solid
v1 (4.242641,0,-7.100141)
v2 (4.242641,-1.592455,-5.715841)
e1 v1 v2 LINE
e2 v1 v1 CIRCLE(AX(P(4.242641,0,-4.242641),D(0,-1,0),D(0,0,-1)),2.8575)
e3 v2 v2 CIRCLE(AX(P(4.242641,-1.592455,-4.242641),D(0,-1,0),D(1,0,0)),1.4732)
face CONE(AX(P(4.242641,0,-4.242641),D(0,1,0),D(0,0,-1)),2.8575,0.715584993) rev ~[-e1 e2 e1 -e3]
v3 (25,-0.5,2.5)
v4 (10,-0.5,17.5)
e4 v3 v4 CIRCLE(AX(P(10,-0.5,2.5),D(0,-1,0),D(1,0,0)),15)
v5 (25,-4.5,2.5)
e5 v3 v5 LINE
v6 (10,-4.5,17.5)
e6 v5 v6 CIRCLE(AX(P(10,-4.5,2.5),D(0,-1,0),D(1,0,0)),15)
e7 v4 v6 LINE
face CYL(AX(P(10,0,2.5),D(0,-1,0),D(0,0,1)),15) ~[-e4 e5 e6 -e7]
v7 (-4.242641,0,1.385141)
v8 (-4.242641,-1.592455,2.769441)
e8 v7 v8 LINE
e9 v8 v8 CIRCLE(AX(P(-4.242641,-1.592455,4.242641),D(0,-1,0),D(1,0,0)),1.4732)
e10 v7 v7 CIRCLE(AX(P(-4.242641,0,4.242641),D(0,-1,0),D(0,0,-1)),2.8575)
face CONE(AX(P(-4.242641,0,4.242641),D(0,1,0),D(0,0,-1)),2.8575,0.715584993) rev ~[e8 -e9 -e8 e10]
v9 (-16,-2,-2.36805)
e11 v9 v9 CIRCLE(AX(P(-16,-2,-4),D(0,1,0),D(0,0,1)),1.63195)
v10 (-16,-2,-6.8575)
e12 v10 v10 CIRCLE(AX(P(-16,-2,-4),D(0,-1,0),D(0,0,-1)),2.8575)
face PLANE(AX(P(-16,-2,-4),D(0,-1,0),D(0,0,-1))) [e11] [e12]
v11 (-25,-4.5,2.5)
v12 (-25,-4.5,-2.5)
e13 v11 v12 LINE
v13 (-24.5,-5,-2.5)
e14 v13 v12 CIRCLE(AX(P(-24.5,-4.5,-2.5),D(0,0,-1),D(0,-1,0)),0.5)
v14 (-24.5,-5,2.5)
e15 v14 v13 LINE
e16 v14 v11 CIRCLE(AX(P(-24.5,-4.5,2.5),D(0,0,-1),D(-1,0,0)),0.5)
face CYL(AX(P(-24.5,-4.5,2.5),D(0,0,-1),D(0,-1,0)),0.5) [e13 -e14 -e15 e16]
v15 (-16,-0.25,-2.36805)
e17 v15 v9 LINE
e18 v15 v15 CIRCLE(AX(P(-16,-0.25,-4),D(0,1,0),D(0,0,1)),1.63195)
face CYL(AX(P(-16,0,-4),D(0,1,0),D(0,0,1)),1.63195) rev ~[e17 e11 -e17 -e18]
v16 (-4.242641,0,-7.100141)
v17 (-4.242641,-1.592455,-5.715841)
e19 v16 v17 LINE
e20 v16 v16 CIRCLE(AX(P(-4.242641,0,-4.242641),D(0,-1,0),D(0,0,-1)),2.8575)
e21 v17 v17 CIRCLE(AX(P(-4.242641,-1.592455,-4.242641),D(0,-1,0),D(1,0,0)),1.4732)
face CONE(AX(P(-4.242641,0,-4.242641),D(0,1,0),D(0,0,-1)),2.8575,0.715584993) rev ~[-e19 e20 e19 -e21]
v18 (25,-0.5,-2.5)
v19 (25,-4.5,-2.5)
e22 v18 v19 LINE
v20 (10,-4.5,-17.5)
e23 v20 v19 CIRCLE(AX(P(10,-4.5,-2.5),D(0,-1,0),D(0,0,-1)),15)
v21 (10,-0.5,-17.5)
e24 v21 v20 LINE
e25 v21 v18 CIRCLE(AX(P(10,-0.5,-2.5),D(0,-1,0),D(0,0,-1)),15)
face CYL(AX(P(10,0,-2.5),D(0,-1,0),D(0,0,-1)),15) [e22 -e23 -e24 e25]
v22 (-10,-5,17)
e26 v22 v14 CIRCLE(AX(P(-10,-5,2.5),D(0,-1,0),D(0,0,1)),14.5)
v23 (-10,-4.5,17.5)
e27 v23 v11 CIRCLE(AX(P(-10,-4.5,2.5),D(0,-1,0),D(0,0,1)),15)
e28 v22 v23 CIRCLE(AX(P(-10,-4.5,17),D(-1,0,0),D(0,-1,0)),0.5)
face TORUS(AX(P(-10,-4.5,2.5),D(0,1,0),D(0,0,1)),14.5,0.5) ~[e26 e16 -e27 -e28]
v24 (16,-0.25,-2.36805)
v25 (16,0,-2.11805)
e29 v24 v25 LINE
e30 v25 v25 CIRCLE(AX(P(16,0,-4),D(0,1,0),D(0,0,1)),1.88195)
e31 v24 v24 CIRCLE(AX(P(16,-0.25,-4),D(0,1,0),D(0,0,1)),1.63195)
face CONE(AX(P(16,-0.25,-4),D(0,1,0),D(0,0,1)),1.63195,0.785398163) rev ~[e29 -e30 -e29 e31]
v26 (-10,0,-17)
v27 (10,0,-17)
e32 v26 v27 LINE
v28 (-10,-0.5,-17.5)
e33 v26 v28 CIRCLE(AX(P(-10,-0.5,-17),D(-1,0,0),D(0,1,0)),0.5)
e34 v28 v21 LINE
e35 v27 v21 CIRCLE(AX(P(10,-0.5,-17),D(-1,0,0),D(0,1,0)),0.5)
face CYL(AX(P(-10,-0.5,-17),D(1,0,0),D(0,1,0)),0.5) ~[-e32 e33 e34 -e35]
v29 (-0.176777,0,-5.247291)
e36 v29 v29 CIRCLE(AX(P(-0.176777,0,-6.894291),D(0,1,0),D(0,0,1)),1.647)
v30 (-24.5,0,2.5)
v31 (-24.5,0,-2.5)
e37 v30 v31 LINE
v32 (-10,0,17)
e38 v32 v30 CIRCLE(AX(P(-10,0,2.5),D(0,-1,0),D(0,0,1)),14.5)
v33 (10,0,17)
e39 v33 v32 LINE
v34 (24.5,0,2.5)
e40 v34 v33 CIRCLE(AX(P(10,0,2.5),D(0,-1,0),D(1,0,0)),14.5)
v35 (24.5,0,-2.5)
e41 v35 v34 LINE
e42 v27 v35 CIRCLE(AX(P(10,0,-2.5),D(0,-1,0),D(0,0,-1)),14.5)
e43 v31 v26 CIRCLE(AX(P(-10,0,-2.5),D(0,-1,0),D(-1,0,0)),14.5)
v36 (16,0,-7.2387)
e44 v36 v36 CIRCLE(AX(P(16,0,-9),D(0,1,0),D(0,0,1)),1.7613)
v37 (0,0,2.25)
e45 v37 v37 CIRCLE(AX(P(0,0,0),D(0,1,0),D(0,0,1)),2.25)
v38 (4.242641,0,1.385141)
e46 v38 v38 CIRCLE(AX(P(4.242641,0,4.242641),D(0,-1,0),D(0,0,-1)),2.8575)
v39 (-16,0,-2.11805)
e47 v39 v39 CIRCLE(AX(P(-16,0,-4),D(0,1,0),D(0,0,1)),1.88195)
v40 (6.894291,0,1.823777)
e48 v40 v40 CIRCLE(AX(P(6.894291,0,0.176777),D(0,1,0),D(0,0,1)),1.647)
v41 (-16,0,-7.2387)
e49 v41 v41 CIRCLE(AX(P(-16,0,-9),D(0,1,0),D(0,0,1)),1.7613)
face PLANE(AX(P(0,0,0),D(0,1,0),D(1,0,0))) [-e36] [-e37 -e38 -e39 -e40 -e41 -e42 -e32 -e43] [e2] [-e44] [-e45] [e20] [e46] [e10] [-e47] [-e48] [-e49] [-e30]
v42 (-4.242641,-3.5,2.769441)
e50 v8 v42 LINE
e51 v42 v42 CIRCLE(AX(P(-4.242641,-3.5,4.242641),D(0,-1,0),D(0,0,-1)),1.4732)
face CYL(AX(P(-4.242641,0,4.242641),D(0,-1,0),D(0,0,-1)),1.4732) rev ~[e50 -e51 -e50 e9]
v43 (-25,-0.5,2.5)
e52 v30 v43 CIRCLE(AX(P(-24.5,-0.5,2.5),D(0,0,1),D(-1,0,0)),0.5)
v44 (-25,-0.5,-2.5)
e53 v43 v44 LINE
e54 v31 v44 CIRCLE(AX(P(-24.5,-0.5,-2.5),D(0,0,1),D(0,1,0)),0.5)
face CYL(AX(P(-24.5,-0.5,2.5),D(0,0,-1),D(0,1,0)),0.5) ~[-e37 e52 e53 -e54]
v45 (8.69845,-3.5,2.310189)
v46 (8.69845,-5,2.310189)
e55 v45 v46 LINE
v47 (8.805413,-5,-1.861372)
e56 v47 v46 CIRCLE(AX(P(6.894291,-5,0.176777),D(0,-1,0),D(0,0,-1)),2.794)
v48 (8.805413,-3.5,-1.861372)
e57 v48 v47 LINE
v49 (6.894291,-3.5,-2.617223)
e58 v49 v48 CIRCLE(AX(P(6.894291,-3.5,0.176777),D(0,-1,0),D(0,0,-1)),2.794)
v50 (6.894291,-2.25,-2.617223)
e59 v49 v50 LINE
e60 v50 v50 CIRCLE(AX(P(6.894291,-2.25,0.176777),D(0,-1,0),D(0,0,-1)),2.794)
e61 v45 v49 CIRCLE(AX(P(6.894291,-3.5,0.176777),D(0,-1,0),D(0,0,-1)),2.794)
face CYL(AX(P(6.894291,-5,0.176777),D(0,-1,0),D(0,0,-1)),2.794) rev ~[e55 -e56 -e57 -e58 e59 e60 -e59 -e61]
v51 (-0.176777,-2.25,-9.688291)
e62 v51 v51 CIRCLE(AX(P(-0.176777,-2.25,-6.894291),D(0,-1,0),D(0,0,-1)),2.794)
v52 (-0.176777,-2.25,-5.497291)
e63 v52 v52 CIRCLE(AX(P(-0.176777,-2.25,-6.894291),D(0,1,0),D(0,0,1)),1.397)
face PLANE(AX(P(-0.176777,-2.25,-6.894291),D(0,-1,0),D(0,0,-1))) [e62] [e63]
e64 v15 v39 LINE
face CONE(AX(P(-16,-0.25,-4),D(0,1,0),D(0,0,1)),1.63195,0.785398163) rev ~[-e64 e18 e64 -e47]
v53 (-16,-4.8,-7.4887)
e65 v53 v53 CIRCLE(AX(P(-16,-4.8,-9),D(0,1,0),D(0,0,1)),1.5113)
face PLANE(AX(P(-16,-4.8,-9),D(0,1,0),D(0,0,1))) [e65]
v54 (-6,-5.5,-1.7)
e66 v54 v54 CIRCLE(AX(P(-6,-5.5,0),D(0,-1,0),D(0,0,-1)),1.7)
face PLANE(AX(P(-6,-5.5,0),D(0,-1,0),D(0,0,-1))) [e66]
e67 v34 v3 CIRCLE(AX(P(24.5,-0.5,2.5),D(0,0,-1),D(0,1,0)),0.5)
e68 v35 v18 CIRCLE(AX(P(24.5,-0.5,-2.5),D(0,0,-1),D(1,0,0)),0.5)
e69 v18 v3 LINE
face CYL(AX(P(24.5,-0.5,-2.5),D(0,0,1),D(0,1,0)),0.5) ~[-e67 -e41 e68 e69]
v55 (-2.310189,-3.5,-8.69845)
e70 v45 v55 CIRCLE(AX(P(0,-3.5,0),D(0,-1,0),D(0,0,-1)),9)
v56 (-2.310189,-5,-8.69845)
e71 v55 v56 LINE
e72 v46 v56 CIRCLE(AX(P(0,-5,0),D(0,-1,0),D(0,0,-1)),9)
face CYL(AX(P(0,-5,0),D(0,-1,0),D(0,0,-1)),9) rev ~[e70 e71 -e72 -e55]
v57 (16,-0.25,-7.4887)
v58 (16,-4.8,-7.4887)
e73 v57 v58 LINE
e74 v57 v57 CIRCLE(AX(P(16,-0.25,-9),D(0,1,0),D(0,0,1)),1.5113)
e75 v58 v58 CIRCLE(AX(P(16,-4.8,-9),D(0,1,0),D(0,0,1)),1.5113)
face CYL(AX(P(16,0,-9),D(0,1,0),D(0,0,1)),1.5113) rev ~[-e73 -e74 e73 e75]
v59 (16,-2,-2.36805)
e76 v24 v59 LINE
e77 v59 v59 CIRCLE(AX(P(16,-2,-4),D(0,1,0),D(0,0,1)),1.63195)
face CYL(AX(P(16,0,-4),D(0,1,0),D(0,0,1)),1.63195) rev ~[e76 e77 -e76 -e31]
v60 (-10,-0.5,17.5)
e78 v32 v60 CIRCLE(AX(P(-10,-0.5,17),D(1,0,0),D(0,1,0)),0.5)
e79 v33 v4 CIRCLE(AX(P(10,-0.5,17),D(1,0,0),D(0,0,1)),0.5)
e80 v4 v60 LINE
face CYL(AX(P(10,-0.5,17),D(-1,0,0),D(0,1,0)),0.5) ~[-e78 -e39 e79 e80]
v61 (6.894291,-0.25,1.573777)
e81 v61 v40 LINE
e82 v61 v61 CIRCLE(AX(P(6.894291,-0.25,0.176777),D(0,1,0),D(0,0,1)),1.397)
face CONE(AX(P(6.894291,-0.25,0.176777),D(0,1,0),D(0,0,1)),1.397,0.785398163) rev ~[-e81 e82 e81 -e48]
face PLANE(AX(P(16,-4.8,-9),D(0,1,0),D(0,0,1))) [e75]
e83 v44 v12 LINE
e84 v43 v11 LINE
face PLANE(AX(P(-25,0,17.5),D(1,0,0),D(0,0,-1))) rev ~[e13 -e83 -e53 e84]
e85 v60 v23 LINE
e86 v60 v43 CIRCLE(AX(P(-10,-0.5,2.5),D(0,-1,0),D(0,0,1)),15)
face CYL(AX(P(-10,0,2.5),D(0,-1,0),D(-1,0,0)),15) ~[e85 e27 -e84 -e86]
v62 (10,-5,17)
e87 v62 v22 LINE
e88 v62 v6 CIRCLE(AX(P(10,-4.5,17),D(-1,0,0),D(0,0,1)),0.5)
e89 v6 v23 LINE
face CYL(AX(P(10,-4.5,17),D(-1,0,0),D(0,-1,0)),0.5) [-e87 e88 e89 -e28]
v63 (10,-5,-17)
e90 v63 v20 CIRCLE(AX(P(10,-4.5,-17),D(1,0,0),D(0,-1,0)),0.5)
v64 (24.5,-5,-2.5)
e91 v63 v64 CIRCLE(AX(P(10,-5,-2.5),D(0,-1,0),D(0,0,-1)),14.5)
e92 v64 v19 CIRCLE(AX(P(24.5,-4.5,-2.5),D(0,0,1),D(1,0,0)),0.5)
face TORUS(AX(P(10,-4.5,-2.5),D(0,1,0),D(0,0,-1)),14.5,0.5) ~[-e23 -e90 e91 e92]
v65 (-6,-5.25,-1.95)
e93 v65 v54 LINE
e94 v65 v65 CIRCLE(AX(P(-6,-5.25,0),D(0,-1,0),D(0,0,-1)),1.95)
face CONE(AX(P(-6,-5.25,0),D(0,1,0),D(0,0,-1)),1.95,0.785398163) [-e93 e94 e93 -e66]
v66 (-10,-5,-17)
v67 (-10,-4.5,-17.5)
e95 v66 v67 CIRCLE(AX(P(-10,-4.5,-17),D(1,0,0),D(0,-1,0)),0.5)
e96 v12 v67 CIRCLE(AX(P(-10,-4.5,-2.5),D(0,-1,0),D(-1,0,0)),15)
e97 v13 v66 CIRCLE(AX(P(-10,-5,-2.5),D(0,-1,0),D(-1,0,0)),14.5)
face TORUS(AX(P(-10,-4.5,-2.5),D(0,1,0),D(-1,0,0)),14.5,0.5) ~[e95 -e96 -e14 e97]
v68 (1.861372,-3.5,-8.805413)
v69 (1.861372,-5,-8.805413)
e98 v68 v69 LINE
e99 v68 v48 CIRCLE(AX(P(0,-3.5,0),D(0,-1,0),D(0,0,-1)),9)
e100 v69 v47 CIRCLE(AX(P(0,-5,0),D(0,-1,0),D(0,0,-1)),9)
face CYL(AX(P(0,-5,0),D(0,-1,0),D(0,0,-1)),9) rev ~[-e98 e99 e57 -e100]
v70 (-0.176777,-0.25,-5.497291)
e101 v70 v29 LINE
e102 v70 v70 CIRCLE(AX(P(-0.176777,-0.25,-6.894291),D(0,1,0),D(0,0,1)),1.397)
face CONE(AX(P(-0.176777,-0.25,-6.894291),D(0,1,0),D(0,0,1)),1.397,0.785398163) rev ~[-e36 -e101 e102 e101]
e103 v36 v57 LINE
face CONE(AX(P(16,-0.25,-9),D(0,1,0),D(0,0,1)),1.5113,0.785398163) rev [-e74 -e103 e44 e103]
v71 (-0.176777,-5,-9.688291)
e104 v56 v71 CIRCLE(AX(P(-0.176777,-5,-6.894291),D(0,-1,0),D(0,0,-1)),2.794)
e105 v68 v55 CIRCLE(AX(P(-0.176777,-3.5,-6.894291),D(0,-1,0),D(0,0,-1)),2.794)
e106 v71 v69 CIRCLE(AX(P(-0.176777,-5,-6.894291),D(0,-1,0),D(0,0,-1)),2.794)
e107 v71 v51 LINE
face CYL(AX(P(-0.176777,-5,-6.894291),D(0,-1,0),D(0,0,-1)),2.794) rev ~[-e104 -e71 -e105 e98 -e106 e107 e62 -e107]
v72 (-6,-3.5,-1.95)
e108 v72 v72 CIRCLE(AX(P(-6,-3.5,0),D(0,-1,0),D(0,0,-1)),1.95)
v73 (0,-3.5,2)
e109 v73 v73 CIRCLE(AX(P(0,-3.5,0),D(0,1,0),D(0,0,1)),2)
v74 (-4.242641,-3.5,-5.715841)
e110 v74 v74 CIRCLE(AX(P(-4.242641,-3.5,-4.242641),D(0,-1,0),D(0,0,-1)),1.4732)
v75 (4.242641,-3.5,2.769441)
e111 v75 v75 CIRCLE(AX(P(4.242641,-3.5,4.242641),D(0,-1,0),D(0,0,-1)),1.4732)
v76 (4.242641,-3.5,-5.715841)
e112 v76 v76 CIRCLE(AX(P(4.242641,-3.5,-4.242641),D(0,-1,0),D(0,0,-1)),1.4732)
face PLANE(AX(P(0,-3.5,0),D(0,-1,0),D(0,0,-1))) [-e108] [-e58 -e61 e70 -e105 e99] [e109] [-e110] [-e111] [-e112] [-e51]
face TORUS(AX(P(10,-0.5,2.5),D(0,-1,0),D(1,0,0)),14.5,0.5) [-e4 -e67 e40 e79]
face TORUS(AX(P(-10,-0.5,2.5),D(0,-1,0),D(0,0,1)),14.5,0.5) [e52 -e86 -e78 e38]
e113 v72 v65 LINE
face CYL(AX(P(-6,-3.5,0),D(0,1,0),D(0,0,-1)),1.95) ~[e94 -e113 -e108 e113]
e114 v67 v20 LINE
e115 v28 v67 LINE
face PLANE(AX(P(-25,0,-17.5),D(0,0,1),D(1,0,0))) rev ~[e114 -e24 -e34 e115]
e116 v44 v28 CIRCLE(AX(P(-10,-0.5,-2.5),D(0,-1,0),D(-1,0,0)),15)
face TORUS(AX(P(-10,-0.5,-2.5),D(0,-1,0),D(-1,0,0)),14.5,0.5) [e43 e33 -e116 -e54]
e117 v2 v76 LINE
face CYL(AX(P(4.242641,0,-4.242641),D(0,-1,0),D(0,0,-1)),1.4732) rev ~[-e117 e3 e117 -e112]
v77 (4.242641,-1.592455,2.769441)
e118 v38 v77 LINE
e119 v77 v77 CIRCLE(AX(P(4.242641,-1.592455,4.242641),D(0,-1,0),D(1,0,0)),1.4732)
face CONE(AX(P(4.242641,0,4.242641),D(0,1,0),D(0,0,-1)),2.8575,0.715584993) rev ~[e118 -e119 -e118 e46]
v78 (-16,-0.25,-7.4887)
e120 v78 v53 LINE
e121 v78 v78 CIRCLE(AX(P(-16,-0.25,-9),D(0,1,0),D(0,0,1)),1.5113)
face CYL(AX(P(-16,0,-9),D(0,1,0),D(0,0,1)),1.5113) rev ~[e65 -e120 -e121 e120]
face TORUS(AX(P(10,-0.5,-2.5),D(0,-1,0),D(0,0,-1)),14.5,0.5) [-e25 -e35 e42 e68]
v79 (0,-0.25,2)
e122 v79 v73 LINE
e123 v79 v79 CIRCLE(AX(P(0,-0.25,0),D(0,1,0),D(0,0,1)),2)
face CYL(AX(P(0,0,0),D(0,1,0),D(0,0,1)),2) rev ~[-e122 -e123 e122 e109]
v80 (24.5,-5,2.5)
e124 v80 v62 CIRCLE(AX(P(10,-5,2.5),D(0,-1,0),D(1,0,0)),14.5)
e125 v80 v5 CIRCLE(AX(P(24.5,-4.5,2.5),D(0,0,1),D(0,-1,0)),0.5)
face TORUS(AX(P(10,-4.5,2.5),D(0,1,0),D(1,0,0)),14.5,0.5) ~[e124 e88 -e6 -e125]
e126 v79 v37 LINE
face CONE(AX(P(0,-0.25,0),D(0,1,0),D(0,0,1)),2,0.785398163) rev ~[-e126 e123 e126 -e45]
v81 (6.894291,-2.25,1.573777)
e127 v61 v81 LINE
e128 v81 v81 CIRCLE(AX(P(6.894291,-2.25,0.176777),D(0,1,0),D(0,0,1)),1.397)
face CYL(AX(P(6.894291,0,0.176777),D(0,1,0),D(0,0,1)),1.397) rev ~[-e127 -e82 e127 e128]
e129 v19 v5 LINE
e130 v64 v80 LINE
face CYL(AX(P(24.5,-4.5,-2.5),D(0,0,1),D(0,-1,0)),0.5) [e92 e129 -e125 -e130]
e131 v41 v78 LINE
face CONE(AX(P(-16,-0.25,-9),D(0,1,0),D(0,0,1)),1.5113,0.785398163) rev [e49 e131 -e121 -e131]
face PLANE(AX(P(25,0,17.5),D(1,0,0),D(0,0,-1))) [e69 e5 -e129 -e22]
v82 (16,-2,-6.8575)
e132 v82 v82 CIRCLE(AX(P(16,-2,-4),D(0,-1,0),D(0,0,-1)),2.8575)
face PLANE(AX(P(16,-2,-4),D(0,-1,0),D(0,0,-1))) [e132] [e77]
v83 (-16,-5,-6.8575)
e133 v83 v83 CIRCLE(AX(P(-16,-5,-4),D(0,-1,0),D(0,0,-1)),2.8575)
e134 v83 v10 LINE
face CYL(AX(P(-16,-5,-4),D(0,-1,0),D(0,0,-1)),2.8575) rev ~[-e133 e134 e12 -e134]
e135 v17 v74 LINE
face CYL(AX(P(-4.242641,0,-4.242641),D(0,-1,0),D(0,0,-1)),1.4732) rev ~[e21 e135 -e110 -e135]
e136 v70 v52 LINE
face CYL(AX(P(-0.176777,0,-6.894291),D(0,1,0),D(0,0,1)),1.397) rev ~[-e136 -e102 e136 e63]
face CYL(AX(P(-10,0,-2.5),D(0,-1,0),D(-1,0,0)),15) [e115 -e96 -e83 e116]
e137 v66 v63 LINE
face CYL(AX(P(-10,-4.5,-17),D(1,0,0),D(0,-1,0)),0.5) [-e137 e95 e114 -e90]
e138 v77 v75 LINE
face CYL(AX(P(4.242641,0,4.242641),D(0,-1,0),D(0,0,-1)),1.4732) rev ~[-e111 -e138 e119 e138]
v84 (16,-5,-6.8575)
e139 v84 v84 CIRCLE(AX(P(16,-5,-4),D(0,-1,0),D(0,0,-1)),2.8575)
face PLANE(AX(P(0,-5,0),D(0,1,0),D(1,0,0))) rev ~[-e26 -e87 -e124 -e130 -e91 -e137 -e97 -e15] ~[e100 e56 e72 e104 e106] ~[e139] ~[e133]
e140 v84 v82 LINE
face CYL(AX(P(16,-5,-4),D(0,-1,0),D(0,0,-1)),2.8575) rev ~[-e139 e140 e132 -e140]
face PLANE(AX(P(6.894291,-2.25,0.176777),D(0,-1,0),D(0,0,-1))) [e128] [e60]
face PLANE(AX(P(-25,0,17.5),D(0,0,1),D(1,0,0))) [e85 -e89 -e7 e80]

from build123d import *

# Parameters (mm, degrees)
SKETCH1_W                                      = 50
SKETCH1_H                                      = 35
BOSS_EXTRUDE2_DEPTH                            = 5
SKETCH2_R                                      = 2
CUT_EXTRUDE1_DEPTH                             = 31.923292192
SKETCH3_R                                      = 9
CUT_EXTRUDE2_DEPTH                             = 1.5
SKETCH6_R                                      = 1.5113
CUT_EXTRUDE5_DEPTH                             = 4.8
SKETCH7_R                                      = 1.63195
CUT_EXTRUDE6_DEPTH                             = 31.923292192
SKETCH8_R                                      = 1.95
BOSS_EXTRUDE3_DEPTH                            = 2
FILLET1_R                                      = 15
SKETCH10_R                                     = 2.8575
CUT_EXTRUDE9_DEPTH                             = 3
CSK_FOR_4_FLAT_HEAD_MACHINE_SCREW1_D           = 2.9464
CSK_FOR_4_FLAT_HEAD_MACHINE_SCREW1_CSINK_D     = 5.715
CSK_FOR_4_FLAT_HEAD_MACHINE_SCREW1_CSINK_ANGLE = 82
SKETCH23_R                                     = 1.397
CUT_EXTRUDE13_DEPTH                            = 32.008063467
SKETCH24_R                                     = 2.794
CUT_EXTRUDE14_DEPTH                            = 2.75
CHAMFER1_SIZE                                  = 0.25
FILLET2_R                                      = 0.5
CHAMFER2_SIZE                                  = 0.25


with BuildPart() as part:
    # Sketch1 → Boss-Extrude2 (new body)
    with BuildSketch(Plane(origin=(0, 0, 0), x_dir=(1, 0, 0), z_dir=(0, 1, 0))):
        Rectangle(SKETCH1_W, SKETCH1_H)
    extrude(amount=-BOSS_EXTRUDE2_DEPTH)

    # Sketch2 → Cut-Extrude1 (cut, through all)
    with BuildSketch(Plane(origin=(0, 0, 0), x_dir=(1, 0, 0), z_dir=(0, 1, 0))):
        with Locations(Location((0, 0, 0), (0, 0, 270))):
            Circle(SKETCH2_R)
    extrude(amount=-CUT_EXTRUDE1_DEPTH, mode=Mode.SUBTRACT)

    # Sketch3 → Cut-Extrude2 (cut)
    with BuildSketch(Plane.XZ.offset(5)):
        with Locations(Location((0, 0, 0), (0, 0, 270))):
            Circle(SKETCH3_R)
    extrude(amount=-CUT_EXTRUDE2_DEPTH, mode=Mode.SUBTRACT)

    # Sketch6 → Cut-Extrude5 (cut)
    with BuildSketch(Plane(origin=(0, 0, 0), x_dir=(1, 0, 0), z_dir=(0, 1, 0))):
        with Locations(Location((-16, 9, 0), (0, 0, 270))):
            Circle(SKETCH6_R)
        with Locations(Location((16, 9, 0), (0, 0, 270))):
            Circle(SKETCH6_R)
    extrude(amount=-CUT_EXTRUDE5_DEPTH, mode=Mode.SUBTRACT)

    # Sketch7 → Cut-Extrude6 (cut, through all)
    with BuildSketch(Plane(origin=(0, 0, 0), x_dir=(1, 0, 0), z_dir=(0, 1, 0))):
        with Locations(Location((-16, 4, 0), (0, 0, 270))):
            Circle(SKETCH7_R)
        with Locations(Location((16, 4, 0), (0, 0, 270))):
            Circle(SKETCH7_R)
    extrude(amount=-CUT_EXTRUDE6_DEPTH, mode=Mode.SUBTRACT)

    # Sketch8 → Boss-Extrude3 (add)
    with BuildSketch(Plane.XZ.offset(3.5)):
        with Locations(Location((-6, 0, 0), (0, 0, 270))):
            Circle(SKETCH8_R)
    extrude(amount=BOSS_EXTRUDE3_DEPTH)

    # Fillet1
    fillet1_edges = [part.edges().sort_by_distance(p)[0] for p in [
        (25, -2.5, 17.5),
        (-25, -2.5, 17.5),
        (-25, -2.5, -17.5),
        (25, -2.5, -17.5),
    ]]
    fillet(fillet1_edges, radius=FILLET1_R)

    # Sketch10 → Cut-Extrude9 (cut)
    with BuildSketch(Plane.XZ.offset(5)):
        with Locations(Location((-16, -4, 0), (0, 0, 270))):
            Circle(SKETCH10_R)
        with Locations(Location((16, -4, 0), (0, 0, 270))):
            Circle(SKETCH10_R)
    extrude(amount=-CUT_EXTRUDE9_DEPTH, mode=Mode.SUBTRACT)

    # CSK for #4 Flat Head Machine Screw1 (through all)
    with Locations(Plane(origin=(4.242640687, 0, -4.242640687), x_dir=(0, 0, 1), z_dir=(0, 1, 0))):
        with Locations((0, 0), (8.485281374, 0), (8.485281374, -8.485281374), (0, -8.485281374)):
            CounterSinkHole(CSK_FOR_4_FLAT_HEAD_MACHINE_SCREW1_D / 2, CSK_FOR_4_FLAT_HEAD_MACHINE_SCREW1_CSINK_D / 2, counter_sink_angle=CSK_FOR_4_FLAT_HEAD_MACHINE_SCREW1_CSINK_ANGLE)

    # Sketch23 → Cut-Extrude13 (cut, through all)
    with BuildSketch(Plane(origin=(0, 0, 0), x_dir=(1, 0, 0), z_dir=(0, 1, 0))):
        with Locations(Location((-0.176776695, 6.894291117, 0), (0, 0, 270))):
            Circle(SKETCH23_R)
        with Locations(Location((6.894291117, -0.176776695, 0), (0, 0, 270))):
            Circle(SKETCH23_R)
    extrude(amount=-CUT_EXTRUDE13_DEPTH, mode=Mode.SUBTRACT)

    # Sketch24 → Cut-Extrude14 (cut)
    with BuildSketch(Plane.XZ.offset(5)):
        with Locations(Location((6.894291117, 0.176776695, 0), (0, 0, 270))):
            Circle(SKETCH24_R)
        with Locations(Location((-0.176776695, -6.894291117, 0), (0, 0, 270))):
            Circle(SKETCH24_R)
    extrude(amount=-CUT_EXTRUDE14_DEPTH, mode=Mode.SUBTRACT)

    # Chamfer1
    chamfer1_edges = [part.edges().sort_by_distance(p)[0] for p in [
        (-6, -5.5, 1.95),
    ]]
    chamfer(chamfer1_edges, length=CHAMFER1_SIZE)

    # Fillet2
    fillet2_edges = [part.edges().sort_by_distance(p)[0] for p in [
        (0, 0, -17.5),
        (0, -5, -17.5),
        (25, 0, 0),
        (-25, 0, 0),
        (0, 0, 17.5),
        (-20.606601718, 0, 13.106601718),
        (20.606601718, 0, 13.106601718),
        (20.606601718, 0, -13.106601718),
        (-20.606601718, 0, -13.106601718),
        (-25, -5, 0),
        (25, -5, 0),
        (0, -5, 17.5),
        (-20.606601718, -5, 13.106601718),
        (20.606601718, -5, 13.106601718),
        (20.606601718, -5, -13.106601718),
        (-20.606601718, -5, -13.106601718),
    ]]
    fillet(fillet2_edges, radius=FILLET2_R)

    # Chamfer2
    chamfer2_edges = [part.edges().sort_by_distance(p)[0] for p in [
        (-0.176776695, 0, -8.291291117),
        (6.894291117, 0, -1.220223305),
        (0, 0, -2),
        (-16, 0, -10.5113),
        (16, 0, -10.5113),
        (-16, 0, -5.63195),
        (16, 0, -5.63195),
    ]]
    chamfer(chamfer2_edges, length=CHAMFER2_SIZE)


solid = part.part
